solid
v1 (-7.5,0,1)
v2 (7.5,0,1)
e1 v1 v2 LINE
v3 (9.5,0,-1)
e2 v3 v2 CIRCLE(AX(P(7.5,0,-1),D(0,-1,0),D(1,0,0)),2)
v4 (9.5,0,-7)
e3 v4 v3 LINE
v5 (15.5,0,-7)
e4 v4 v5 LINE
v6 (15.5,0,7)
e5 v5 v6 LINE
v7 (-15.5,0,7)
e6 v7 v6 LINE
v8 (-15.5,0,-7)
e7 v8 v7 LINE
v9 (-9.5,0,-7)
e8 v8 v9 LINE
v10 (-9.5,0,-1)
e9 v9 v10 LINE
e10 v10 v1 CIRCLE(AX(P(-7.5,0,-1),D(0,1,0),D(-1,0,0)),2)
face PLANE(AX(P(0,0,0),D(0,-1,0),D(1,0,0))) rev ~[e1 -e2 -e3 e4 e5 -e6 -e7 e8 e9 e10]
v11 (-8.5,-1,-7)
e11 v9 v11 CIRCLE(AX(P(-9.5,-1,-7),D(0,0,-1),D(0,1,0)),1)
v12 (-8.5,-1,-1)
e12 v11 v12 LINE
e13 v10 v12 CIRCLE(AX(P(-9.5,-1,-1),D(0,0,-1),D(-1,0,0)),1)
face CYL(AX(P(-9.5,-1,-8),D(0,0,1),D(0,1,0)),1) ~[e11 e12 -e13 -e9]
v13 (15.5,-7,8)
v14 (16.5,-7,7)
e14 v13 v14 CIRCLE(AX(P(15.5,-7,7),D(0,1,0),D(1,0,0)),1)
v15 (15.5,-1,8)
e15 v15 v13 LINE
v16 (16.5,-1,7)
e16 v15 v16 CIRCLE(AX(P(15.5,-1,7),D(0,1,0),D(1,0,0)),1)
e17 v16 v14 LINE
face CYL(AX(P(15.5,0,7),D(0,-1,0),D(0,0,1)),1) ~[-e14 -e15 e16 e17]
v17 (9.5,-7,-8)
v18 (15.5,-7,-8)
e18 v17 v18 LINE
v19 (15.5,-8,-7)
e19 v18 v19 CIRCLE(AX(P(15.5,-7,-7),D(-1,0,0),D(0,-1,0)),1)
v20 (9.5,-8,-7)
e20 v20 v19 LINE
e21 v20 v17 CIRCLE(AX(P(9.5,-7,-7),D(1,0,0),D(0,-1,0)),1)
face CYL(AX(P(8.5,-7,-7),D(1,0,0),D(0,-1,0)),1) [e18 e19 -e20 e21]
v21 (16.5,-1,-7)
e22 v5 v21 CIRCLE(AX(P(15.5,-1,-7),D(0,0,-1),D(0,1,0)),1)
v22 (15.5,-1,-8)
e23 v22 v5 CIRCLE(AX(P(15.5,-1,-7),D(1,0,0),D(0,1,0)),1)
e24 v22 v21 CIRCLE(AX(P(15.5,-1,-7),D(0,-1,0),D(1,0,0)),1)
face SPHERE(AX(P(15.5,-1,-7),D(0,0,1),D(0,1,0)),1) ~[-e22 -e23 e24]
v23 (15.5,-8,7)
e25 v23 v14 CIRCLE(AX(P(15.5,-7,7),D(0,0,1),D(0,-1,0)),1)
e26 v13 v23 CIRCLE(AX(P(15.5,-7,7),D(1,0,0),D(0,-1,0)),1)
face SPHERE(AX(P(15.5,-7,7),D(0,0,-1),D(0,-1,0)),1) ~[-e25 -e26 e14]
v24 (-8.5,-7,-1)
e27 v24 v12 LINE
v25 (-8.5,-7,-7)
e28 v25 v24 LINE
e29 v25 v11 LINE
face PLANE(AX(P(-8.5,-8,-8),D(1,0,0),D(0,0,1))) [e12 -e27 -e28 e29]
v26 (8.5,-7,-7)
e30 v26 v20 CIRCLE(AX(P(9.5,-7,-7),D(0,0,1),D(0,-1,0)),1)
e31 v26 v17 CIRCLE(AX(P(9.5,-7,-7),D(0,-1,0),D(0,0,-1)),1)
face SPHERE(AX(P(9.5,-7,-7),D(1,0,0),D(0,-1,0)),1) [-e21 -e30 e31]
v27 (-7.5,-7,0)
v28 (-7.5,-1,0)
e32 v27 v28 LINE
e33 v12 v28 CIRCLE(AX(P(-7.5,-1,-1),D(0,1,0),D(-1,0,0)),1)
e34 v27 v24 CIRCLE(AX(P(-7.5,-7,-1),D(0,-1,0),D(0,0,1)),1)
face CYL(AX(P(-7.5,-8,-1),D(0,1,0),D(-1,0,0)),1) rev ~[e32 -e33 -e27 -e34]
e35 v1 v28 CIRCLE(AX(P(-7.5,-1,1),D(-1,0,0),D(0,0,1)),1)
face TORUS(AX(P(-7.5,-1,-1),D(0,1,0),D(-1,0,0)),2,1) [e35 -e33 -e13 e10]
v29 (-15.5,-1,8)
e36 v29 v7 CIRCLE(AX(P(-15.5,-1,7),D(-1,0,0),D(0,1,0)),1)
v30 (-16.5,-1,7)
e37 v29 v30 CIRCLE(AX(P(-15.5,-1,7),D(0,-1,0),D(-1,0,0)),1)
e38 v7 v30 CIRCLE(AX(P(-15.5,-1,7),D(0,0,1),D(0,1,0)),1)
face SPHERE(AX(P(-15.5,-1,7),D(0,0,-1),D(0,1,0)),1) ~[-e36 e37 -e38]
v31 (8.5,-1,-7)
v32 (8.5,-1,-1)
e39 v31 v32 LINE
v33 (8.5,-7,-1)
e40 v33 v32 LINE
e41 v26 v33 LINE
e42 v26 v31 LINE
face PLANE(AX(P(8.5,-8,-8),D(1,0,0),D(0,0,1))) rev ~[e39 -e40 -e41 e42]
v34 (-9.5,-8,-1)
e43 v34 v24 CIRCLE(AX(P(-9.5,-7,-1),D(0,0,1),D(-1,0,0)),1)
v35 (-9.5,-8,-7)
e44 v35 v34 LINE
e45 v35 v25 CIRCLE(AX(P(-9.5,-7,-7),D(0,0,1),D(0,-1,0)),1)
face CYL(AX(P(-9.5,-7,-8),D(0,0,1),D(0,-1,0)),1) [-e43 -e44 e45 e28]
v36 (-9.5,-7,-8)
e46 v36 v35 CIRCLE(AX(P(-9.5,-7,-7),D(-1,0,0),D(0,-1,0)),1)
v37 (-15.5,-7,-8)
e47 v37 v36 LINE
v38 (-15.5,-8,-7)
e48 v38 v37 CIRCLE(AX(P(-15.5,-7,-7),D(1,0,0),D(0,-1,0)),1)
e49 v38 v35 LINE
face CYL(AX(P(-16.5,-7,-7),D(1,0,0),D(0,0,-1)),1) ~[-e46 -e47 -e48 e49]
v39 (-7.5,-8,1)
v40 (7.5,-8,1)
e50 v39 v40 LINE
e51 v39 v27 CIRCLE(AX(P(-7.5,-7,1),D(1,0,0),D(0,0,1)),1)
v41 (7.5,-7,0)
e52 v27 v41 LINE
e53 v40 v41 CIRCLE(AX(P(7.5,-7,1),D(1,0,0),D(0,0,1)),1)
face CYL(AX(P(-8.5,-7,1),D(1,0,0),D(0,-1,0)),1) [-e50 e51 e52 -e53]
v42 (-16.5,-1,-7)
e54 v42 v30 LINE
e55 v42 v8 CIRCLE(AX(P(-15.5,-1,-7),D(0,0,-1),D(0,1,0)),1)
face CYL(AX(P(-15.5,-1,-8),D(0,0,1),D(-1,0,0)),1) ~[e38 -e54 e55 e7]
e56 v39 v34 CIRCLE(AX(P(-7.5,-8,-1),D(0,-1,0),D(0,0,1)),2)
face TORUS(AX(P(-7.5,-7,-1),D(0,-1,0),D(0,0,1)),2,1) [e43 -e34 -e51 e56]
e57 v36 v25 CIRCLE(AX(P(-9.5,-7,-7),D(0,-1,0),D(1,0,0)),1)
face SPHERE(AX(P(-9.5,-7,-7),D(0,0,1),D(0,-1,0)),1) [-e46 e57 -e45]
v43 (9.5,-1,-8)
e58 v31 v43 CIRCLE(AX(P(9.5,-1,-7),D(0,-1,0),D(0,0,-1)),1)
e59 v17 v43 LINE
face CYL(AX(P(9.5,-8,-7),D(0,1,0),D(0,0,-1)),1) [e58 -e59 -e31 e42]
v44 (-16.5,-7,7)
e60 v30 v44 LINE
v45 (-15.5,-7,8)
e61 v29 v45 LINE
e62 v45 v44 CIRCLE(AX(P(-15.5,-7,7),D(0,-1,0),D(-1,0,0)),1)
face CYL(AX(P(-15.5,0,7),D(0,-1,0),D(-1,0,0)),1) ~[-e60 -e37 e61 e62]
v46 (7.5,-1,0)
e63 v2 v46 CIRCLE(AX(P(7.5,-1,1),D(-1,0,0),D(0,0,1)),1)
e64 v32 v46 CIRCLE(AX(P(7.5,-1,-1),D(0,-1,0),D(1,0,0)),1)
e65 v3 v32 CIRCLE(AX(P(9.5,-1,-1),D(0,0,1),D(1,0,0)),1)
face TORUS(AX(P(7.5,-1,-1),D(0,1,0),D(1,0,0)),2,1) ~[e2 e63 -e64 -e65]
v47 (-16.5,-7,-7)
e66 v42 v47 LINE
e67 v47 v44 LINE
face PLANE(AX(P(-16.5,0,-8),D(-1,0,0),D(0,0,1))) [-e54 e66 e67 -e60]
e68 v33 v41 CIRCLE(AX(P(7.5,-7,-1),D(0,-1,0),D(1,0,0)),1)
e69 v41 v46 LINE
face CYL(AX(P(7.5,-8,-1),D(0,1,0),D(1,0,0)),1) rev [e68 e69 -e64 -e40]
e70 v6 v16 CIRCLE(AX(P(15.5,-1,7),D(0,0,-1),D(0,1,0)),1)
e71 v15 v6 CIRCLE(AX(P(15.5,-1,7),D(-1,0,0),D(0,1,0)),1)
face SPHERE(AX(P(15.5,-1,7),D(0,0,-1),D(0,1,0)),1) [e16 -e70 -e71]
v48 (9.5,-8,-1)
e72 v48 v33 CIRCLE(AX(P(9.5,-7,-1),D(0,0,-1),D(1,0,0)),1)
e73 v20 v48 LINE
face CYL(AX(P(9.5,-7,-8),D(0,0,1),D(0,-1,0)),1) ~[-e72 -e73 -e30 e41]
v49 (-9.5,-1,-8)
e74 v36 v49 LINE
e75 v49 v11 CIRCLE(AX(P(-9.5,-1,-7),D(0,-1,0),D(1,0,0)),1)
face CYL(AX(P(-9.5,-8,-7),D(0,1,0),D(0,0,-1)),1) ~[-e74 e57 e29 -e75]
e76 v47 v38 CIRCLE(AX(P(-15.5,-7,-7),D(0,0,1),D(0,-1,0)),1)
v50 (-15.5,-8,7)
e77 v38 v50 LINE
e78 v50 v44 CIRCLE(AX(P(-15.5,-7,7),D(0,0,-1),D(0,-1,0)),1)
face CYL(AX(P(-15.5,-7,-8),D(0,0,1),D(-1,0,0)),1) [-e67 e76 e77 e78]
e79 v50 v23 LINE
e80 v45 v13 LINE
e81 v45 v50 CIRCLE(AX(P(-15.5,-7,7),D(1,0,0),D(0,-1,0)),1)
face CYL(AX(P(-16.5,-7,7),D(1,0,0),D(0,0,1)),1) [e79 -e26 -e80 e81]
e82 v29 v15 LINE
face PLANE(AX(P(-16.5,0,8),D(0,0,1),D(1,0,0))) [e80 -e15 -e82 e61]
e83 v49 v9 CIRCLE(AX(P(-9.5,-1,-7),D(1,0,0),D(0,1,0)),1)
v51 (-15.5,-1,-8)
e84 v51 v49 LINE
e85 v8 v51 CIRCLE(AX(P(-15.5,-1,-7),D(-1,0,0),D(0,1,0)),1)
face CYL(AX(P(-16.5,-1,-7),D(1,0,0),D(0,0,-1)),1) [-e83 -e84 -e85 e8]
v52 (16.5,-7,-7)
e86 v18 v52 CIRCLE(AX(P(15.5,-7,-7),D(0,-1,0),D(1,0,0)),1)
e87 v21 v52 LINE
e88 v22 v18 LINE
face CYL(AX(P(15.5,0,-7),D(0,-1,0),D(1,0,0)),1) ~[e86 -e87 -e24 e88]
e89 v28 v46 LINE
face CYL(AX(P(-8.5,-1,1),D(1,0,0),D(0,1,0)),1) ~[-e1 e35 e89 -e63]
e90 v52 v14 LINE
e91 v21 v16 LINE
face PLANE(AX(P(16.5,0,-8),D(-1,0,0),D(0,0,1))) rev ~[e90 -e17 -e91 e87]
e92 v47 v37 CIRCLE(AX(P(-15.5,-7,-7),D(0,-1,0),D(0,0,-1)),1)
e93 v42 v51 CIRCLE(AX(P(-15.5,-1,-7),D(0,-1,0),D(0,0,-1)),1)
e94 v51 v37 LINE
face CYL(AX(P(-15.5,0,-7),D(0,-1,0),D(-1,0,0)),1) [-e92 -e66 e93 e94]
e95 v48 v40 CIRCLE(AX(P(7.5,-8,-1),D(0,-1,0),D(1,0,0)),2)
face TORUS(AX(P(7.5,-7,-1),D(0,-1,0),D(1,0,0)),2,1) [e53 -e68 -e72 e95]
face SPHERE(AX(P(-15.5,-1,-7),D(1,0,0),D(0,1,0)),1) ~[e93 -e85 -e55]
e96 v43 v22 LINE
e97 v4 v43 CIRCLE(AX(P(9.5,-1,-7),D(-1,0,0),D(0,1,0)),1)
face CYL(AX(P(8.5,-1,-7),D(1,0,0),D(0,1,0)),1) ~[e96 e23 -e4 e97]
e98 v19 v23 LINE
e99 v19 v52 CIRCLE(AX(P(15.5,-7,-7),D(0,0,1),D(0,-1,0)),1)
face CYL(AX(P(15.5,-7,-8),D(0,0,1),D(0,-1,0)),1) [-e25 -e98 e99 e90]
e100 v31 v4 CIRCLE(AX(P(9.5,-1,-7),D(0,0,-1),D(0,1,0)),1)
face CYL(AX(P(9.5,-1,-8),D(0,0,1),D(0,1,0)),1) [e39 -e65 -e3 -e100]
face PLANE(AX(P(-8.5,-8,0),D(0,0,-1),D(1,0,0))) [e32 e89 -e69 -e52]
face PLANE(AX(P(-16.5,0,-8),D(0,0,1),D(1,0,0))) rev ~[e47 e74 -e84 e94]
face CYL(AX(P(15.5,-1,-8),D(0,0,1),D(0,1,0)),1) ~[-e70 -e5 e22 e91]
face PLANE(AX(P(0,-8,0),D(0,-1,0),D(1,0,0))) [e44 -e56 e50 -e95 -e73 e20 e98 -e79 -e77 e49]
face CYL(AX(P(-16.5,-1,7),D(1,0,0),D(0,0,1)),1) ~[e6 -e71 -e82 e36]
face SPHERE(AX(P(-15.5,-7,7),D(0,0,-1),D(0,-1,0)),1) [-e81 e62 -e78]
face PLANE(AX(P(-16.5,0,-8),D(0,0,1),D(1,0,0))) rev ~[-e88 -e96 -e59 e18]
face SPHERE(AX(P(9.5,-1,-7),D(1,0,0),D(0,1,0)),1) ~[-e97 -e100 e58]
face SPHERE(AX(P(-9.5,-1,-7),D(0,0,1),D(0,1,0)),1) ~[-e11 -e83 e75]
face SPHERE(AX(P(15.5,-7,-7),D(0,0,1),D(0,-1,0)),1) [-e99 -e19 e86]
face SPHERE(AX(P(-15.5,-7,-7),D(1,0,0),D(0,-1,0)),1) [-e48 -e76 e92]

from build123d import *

# Parameters (mm, degrees)
F0_W     = 33
F0_H     = 16
F1_DEPTH = 8
F2_W     = 17
F2_H     = 8
F3_DEPTH = 25
F4_R     = 1


with BuildPart() as f1:
    # F0 (on Front) → F1 (new body)
    with BuildSketch(Plane.XZ):
        Rectangle(F0_W, F0_H)
    extrude(amount=F1_DEPTH)

    # F2 (on face) → F3 (cut)
    with BuildSketch(Plane.XZ.offset(8)):
        with Locations((0, -4)):
            Rectangle(F2_W, F2_H)
    extrude(amount=-F3_DEPTH, mode=Mode.SUBTRACT)

    # F4
    f4_edges = [f1.edges().sort_by_distance(p)[0] for p in [
        (16.5, -8, 0),
        (12.5, -8, -8),
        (8.5, -8, -4),
        (0, -8, 0),
        (-8.5, -8, -4),
        (-12.5, -8, -8),
        (-16.5, -8, 0),
        (0, -8, 8),
        (-8.5, 0, -4),
        (16.5, 0, 0),
        (12.5, 0, -8),
        (8.5, 0, -4),
        (0, 0, 0),
        (-12.5, 0, -8),
        (-16.5, 0, 0),
        (0, 0, 8),
        (-8.5, -4, 0),
        (8.5, -4, 0),
        (-8.5, -4, -8),
        (-16.5, -4, -8),
        (16.5, -4, -8),
        (8.5, -4, -8),
        (16.5, -4, 8),
        (-16.5, -4, 8),
    ]]
    fillet(f4_edges, radius=F4_R)


solid = f1.part
